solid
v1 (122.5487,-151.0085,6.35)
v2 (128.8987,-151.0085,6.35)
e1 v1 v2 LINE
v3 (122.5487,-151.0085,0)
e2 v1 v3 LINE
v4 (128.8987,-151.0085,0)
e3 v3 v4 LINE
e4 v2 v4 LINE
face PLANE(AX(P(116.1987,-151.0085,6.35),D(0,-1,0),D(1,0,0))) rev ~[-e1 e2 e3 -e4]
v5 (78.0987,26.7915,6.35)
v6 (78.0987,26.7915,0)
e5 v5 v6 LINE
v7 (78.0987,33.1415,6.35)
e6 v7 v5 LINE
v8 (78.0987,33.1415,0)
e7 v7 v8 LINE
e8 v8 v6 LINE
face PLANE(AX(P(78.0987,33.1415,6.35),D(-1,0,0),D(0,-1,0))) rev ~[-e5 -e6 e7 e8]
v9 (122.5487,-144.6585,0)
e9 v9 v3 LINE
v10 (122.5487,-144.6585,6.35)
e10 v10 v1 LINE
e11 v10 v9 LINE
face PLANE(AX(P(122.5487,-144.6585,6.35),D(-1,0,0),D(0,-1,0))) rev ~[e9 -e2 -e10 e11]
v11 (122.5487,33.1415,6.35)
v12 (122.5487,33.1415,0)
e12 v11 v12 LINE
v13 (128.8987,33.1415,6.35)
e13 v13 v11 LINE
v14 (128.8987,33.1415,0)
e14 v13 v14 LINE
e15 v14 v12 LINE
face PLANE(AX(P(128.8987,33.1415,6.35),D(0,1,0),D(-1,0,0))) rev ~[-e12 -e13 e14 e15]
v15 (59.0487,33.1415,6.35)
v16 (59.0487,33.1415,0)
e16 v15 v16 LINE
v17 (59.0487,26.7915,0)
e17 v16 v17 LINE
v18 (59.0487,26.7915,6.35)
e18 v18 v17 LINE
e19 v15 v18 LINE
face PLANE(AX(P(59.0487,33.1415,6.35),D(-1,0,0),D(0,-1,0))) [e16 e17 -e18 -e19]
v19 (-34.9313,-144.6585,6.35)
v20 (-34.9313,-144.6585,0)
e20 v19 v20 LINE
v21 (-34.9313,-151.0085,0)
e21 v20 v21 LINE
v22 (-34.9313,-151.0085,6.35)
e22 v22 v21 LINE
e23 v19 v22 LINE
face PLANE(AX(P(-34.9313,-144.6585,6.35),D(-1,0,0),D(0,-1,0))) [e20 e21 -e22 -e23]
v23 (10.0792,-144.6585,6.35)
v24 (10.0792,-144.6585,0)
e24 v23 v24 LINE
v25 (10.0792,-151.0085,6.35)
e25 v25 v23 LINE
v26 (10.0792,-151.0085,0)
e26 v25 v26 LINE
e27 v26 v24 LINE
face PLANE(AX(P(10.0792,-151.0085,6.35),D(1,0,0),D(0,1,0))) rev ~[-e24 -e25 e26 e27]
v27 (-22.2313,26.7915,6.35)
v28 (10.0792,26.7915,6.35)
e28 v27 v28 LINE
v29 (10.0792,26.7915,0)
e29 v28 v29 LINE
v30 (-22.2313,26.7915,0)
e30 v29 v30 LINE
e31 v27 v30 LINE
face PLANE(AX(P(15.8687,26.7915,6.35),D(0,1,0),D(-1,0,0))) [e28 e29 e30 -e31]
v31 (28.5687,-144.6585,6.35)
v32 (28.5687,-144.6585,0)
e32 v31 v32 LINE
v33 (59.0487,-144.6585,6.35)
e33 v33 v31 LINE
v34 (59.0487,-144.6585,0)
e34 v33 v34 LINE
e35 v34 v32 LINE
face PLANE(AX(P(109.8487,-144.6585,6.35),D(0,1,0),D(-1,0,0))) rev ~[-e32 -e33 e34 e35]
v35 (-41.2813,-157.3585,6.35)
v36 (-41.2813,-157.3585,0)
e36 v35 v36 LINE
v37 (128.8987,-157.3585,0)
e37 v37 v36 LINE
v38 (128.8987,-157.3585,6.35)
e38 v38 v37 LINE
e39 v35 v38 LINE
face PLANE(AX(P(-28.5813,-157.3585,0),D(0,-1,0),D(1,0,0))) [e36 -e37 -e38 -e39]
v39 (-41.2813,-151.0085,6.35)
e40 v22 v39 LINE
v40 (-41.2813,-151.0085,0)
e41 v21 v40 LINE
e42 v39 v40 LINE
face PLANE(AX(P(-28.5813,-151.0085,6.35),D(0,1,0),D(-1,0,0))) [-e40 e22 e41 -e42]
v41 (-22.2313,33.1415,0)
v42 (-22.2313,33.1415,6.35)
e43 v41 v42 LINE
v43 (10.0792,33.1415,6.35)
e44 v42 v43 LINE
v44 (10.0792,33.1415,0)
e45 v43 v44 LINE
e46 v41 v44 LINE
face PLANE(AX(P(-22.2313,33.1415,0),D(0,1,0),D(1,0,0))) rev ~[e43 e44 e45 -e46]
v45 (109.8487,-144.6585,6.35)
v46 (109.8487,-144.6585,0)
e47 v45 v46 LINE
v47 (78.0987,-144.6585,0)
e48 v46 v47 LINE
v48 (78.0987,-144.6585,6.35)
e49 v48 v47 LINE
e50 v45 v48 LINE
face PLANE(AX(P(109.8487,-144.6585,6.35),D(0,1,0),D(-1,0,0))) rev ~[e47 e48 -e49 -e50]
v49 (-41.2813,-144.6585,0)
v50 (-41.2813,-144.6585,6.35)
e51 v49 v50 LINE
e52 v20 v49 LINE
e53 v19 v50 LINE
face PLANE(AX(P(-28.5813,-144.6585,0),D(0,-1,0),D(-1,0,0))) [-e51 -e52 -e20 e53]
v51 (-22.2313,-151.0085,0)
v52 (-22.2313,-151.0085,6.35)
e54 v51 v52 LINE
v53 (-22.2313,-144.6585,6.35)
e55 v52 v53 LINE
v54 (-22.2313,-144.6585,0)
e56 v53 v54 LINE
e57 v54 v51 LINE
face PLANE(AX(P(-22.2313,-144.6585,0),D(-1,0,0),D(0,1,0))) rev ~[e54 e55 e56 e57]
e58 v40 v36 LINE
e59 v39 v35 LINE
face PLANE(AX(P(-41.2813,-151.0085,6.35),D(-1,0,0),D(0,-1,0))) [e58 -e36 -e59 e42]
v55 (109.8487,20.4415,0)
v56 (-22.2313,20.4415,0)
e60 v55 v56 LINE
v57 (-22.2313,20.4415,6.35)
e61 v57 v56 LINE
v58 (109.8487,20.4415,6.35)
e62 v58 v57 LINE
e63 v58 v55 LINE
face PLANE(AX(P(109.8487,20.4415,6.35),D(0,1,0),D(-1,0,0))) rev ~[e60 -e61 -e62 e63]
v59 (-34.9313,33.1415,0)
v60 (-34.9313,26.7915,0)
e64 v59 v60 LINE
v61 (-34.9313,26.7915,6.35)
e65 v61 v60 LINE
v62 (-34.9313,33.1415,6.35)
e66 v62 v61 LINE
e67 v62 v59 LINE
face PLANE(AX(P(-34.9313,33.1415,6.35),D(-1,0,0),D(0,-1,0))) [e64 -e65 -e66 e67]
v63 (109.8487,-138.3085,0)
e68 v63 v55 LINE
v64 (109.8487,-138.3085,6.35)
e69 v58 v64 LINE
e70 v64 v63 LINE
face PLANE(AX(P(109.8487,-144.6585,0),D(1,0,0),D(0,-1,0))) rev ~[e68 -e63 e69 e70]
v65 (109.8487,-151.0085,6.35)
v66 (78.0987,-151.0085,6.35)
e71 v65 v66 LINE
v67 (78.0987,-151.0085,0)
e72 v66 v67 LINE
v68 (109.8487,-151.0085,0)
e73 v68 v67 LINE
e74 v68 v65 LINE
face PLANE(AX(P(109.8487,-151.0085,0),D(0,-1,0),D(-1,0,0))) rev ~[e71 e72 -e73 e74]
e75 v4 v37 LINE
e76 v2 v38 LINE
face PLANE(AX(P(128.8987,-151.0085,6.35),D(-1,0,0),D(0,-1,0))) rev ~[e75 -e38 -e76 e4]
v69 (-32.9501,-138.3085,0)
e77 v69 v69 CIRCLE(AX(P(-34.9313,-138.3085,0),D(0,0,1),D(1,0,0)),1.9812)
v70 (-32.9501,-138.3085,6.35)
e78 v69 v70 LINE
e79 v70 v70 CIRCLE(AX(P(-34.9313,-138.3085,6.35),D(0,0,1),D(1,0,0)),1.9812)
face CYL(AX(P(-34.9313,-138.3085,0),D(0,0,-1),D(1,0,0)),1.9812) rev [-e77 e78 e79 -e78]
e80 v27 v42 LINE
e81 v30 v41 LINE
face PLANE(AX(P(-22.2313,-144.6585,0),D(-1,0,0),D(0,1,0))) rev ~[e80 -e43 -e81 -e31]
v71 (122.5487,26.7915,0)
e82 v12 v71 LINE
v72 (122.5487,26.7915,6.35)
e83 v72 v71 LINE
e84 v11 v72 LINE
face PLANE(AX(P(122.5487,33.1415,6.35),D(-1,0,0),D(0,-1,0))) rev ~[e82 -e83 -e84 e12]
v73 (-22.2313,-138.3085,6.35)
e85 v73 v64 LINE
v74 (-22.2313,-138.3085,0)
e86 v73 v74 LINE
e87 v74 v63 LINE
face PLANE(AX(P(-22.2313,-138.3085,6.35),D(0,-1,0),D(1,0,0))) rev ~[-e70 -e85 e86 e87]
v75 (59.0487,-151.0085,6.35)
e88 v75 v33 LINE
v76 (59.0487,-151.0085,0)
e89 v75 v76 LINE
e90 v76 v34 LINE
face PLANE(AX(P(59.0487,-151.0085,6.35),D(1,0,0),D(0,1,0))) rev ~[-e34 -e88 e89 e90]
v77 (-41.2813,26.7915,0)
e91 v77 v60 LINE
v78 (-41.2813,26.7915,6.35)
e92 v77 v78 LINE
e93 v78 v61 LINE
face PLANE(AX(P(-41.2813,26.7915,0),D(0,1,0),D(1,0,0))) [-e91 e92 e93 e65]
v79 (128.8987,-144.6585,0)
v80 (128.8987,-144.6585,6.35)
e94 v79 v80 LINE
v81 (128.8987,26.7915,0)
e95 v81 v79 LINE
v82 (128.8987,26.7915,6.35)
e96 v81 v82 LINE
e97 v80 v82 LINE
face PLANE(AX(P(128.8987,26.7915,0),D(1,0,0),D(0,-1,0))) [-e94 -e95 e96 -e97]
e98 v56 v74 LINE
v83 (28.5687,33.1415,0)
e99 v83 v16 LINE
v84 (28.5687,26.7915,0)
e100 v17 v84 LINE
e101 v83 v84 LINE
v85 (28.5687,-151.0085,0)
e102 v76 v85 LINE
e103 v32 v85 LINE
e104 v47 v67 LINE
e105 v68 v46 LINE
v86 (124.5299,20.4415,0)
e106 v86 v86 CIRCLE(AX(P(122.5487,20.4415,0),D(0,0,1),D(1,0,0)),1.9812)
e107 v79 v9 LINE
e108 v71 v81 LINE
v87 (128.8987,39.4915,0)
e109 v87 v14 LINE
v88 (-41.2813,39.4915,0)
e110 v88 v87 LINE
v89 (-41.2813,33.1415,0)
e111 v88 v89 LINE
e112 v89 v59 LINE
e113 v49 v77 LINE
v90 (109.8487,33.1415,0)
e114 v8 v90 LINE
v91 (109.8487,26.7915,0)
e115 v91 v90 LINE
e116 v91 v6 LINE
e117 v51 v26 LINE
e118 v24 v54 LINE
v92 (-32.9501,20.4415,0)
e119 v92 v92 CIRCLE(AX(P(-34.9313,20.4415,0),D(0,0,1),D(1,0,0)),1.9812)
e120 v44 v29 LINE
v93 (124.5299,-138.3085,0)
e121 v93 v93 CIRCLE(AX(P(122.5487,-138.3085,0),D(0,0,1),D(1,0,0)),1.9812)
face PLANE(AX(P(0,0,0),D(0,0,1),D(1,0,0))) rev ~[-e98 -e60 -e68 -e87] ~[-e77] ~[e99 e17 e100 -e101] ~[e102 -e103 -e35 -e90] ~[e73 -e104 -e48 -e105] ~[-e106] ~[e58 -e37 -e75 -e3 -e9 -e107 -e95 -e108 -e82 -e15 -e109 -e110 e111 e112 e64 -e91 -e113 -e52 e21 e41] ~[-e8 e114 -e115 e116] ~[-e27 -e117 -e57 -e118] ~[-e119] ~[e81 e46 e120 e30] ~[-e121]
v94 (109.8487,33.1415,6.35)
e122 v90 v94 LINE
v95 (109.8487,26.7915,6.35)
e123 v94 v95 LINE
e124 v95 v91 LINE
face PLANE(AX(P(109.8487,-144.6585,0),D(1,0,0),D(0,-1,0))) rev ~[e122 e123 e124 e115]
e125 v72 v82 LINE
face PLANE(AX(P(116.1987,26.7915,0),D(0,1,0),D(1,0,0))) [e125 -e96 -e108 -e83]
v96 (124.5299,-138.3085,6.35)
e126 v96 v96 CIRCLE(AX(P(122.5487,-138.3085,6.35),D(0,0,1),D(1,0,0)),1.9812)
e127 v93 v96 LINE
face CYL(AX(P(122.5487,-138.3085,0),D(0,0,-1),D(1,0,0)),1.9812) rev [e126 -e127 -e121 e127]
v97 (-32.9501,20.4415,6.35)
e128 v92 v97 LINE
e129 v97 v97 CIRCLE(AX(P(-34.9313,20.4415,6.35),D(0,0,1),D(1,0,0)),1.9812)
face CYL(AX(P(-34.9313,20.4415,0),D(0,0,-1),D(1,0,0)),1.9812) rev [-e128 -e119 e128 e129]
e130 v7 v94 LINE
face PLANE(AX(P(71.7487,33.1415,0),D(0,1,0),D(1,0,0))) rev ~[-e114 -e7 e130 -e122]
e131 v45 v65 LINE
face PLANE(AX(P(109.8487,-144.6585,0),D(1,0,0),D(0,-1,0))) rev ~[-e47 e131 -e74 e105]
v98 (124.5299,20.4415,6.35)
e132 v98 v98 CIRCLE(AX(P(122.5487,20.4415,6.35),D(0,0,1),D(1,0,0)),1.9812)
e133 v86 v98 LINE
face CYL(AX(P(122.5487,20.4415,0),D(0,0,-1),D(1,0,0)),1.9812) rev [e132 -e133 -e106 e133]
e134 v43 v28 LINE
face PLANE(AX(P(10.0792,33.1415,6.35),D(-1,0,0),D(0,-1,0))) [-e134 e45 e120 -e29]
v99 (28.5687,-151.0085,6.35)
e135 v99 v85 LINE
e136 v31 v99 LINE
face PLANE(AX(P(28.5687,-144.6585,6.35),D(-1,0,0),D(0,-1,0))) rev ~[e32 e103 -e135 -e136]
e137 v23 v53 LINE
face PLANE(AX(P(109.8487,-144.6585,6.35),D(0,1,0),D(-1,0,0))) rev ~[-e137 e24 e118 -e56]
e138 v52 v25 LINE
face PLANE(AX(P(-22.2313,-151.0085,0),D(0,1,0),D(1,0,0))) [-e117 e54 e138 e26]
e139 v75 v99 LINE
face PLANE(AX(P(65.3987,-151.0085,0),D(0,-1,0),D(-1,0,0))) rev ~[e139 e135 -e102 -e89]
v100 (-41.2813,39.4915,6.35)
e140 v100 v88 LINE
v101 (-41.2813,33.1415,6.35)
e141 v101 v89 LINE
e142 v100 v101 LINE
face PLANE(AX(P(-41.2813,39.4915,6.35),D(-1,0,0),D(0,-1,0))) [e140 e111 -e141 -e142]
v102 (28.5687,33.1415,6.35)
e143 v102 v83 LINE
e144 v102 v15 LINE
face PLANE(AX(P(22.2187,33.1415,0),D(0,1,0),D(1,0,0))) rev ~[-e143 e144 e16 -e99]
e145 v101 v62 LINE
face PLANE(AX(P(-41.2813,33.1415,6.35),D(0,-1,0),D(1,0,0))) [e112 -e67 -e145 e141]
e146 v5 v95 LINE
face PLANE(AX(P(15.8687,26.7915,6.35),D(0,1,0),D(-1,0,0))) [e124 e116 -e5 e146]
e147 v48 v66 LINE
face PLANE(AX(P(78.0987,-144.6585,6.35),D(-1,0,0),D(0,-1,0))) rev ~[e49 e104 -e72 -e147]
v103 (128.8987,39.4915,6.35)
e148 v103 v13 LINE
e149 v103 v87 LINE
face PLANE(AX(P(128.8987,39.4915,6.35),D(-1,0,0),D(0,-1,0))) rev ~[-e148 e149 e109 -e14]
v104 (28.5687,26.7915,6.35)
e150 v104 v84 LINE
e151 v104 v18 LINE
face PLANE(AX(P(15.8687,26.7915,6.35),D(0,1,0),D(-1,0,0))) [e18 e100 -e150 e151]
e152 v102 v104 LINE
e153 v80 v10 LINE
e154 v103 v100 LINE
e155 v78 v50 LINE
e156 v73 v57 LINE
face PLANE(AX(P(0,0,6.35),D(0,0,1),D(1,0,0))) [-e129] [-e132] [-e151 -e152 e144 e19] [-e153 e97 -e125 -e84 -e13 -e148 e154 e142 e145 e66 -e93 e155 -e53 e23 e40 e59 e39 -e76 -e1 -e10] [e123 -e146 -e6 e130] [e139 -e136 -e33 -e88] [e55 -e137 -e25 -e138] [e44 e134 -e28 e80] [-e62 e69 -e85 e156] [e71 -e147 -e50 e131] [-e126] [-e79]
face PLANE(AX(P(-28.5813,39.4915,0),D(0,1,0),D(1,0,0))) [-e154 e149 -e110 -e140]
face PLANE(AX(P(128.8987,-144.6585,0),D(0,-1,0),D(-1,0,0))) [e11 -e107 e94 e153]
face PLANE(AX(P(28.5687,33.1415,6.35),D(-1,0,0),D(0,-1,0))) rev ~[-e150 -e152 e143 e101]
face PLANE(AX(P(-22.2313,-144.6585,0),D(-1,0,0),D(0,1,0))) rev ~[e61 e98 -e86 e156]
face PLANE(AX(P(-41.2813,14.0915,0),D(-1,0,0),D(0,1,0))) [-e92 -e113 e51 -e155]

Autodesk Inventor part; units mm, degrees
ref_plane "YZ Plane" through (0, 0, 0) normal (1, 0, 0) x (0, 1, 0)
ref_plane "XZ Plane" through (0, 0, 0) normal (0, 1, 0) x (-1, 0, 0)
ref_plane "XY Plane" through (0, 0, 0) normal (0, 0, 1) x (1, 0, 0)
sketch "Sketch1" plane through (0, 0, 0) normal (0, 0, 1) x (1, 0, 0)
  line L0 (-22.2313, 26.7915) -> (109.8487, 26.7915)
  line L1 (109.8487, 26.7915) -> (109.8487, -144.6585)
  line L2 (109.8487, -144.6585) -> (-22.2313, -144.6585)
  line L3 (-22.2313, -144.6585) -> (-22.2313, 26.7915)
  line L4 (-22.2313, 26.7915) -> (-28.5813, 26.7915)
  line L5 (-28.5813, 26.7915) -> (-28.5813, 39.4915)
  line L6 (-28.5813, 39.4915) -> (116.1987, 39.4915)
  line L7 (116.1987, 39.4915) -> (116.1987, 26.7915)
  line L8 (116.1987, 26.7915) -> (128.8987, 26.7915)
  line L9 (128.8987, 26.7915) -> (128.8987, 14.0915)
  line L10 (128.8987, 14.0915) -> (116.1987, 14.0915)
  line L11 (116.1987, 14.0915) -> (116.1987, -131.9585)
  line L12 (116.1987, -131.9585) -> (128.8987, -131.9585)
  line L13 (128.8987, -131.9585) -> (128.8987, -144.6585)
  line L14 (128.8987, -144.6585) -> (116.1987, -144.6585)
  line L15 (116.1987, -144.6585) -> (116.1987, -154.1835)
  line L16 (116.1987, -154.1835) -> (-28.5813, -154.1835)
  line L17 (-28.5813, -154.1835) -> (-28.5813, -144.6585)
  line L18 (-28.5813, -144.6585) -> (-41.2813, -144.6585)
  line L19 (-41.2813, -144.6585) -> (-41.2813, -131.9585)
  line L20 (-41.2813, -131.9585) -> (-28.5813, -131.9585)
  line L21 (-28.5813, -131.9585) -> (-28.5813, 14.0915)
  line L22 (-28.5813, 14.0915) -> (-41.2813, 14.0915)
  line L23 (-41.2813, 14.0915) -> (-41.2813, 26.7915)
  line L24 (-41.2813, 26.7915) -> (-28.5813, 26.7915)
  line L25 (-22.2313, -144.6585) -> (-22.2313, -151.0085)
  line L26 (-22.2313, -151.0085) -> (15.8687, -151.0085)
  line L27 (15.8687, -151.0085) -> (15.8687, -144.6585)
  line L28 (15.8687, -144.6585) -> (22.2187, -144.6585)
  line L29 (22.2187, -144.6585) -> (22.2187, -151.0085)
  line L30 (109.8487, -144.6585) -> (109.8487, -151.0085)
  line L31 (109.8487, -151.0085) -> (71.7487, -151.0085)
  line L32 (71.7487, -151.0085) -> (71.7487, -144.6585)
  line L33 (71.7487, -144.6585) -> (65.3987, -144.6585)
  line L34 (65.3987, -144.6585) -> (65.3987, -151.0085)
  line L35 (65.3987, -151.0085) -> (22.2187, -151.0085)
  line L36 (-22.2313, 26.7915) -> (-22.2313, 33.1415)
  line L37 (-22.2313, 33.1415) -> (15.8687, 33.1415)
  line L38 (15.8687, 33.1415) -> (15.8687, 26.7915)
  line L39 (22.2187, 26.7915) -> (22.2187, 33.1415)
  line L40 (22.2187, 33.1415) -> (65.3987, 33.1415)
  line L41 (65.3987, 33.1415) -> (65.3987, 26.7915)
  line L42 (71.7487, 26.7915) -> (71.7487, 33.1415)
  line L43 (71.7487, 33.1415) -> (109.8487, 33.1415)
  line L44 (109.8487, 33.1415) -> (109.8487, 26.7915)
  circle A0 centre (-34.9313, 20.4415) radius 1.9812
  circle A1 centre (122.5487, 20.4415) radius 1.9812
  circle A2 centre (122.5487, -138.3085) radius 1.9812
  circle A3 centre (-34.9313, -138.3085) radius 1.9812
  point P0 (0, 0)
  dimension "d0" = 132.08
  dimension "d1" = 171.45
  dimension "d2" = 6.35
  dimension "d3" = 12.7
  dimension "d4" = 144.78
  dimension "d5" = 12.7
  dimension "d6" = 12.7
  dimension "d7" = 146.05
  dimension "d8" = 9.525
  dimension "d9" = 12.7
  dimension "d10" = 6.35
  dimension "d11" = 38.1
  dimension "d12" = 6.35
  dimension "d13" = 38.1
  dimension "d14" = 6.35
  dimension "d15" = 3.9624
  dimension "d16" = 3.9624
extrude "Extrusion1" add sketch "Sketch1" along normal blind 6.35
sketch "Sketch2" plane through (-28.5813, -154.1835, 0) normal (0, -1, 0) x (1, 0, 0)
  line L0 (144.78, 6.35) -> (0, 6.35) projected
  line L1 (0, 0) -> (0, 6.35) projected
  line L2 (0, 0) -> (144.78, 0) projected
  line L3 (144.78, 0) -> (144.78, 6.35) projected
  point P0 (28.5813, 0)
extrude "Extrusion2" add sketch "Sketch2" along normal blind 3.175
sketch "Sketch3" plane through (0, 0, 6.35) normal (0, 0, 1) x (1, 0, 0)
  line L0 (-28.5813, 14.0915) -> (-41.2813, 14.0915) projected
  line L1 (-28.5813, -131.9585) -> (-28.5813, 14.0915) projected
  line L2 (-41.2813, -131.9585) -> (-28.5813, -131.9585) projected
  line L3 (116.1987, -131.9585) -> (128.8987, -131.9585) projected
  line L4 (116.1987, 14.0915) -> (116.1987, -131.9585) projected
  line L5 (128.8987, 14.0915) -> (116.1987, 14.0915) projected
  line L6 (71.7487, 33.1415) -> (109.8487, 33.1415) projected
  line L7 (-41.2813, 14.0915) -> (-41.2813, -131.9585)
  line L8 (128.8987, 14.0915) -> (128.8987, -131.9585)
  point P0 (0, 0)
extrude "Extrusion3" add sketch "Sketch3" against normal blind 6.35
sketch "Sketch4" plane through (0, 0, 6.35) normal (0, 0, 1) x (1, 0, 0)
  line L0 (-28.5813, -157.3585) -> (-28.5813, -144.6585) projected
  line L1 (-28.5813, -157.3585) -> (116.1987, -157.3585) projected
  line L2 (116.1987, -144.6585) -> (116.1987, -157.3585) projected
  line L3 (109.8487, 33.1415) -> (109.8487, -151.0085) projected
  line L4 (-22.2313, -151.0085) -> (-22.2313, 33.1415) projected
  line L5 (15.8687, 26.7915) -> (22.2187, 26.7915) projected
  line L6 (71.7487, 33.1415) -> (109.8487, 33.1415) projected
  line L7 (15.8687, 26.7915) -> (-22.2313, 26.7915)
  line L8 (22.2187, 26.7915) -> (109.8487, 26.7915)
  line L9 (109.8487, 26.7915) -> (109.8487, 20.4415)
  line L10 (109.8487, 20.4415) -> (-22.2313, 20.4415)
  line L11 (-22.2313, 20.4415) -> (-22.2313, 26.7915)
  line L12 (-22.2313, -144.6585) -> (-22.2313, -138.3085)
  line L13 (-22.2313, -138.3085) -> (109.8487, -138.3085)
  line L14 (109.8487, -144.6585) -> (-22.2313, -144.6585)
  line L15 (-28.5813, -151.0085) -> (-41.2813, -151.0085)
  line L16 (-41.2813, -151.0085) -> (-41.2813, -157.3585)
  line L17 (-41.2813, -157.3585) -> (-28.5813, -157.3585)
  line L18 (116.1987, -151.0085) -> (128.8987, -151.0085)
  line L19 (128.8987, -151.0085) -> (128.8987, -157.3585)
  line L20 (128.8987, -157.3585) -> (116.1987, -157.3585)
  point P0 (0, 0)
extrude "Extrusion4" add sketch "Sketch4" against normal blind 6.35 contours L17 L16 L15 L0 | L2 L18 L19 L20 | L3 L10 L4 L7 L5 L8 | L3 L14 L4 L13
sketch "Sketch5" plane through (0, 0, 6.35) normal (0, 0, 1) x (1, 0, 0)
  line L0 (-28.5813, 26.7915) -> (-28.5813, 39.4915) projected
  line L1 (116.1987, 39.4915) -> (116.1987, 26.7915) projected
  line L2 (15.8687, 33.1415) -> (15.8687, 26.7915) projected
  line L3 (-28.5813, 39.4915) -> (-41.2813, 39.4915)
  line L4 (-41.2813, 39.4915) -> (-41.2813, 33.1415)
  line L5 (-41.2813, 33.1415) -> (-28.5813, 33.1415)
  line L6 (116.1987, 39.4915) -> (128.8987, 39.4915)
  line L7 (128.8987, 39.4915) -> (128.8987, 33.1415)
  line L8 (128.8987, 33.1415) -> (116.1987, 33.1415)
  point P0 (0, 0)
extrude "Extrusion5" add sketch "Sketch5" against normal blind 6.35
sketch "Sketch6" plane through (0, 0, 6.35) normal (0, 0, 1) x (1, 0, 0)
  line L0 (65.3987, -151.0085) -> (22.2187, -151.0085) projected
  line L1 (22.2187, -144.6585) -> (65.3987, -144.6585) projected
  line L2 (-22.2313, -144.6585) -> (15.8687, -144.6585) projected
  line L3 (109.8487, -151.0085) -> (71.7487, -151.0085) projected
  line L4 (65.3987, 26.7915) -> (22.2187, 26.7915) projected
  line L5 (109.8487, 26.7915) -> (71.7487, 26.7915) projected
  line L6 (-41.2813, 26.7915) -> (-28.5813, 26.7915) projected
  line L7 (-28.5813, -151.0085) -> (-41.2813, -151.0085) projected
  line L8 (128.8987, -151.0085) -> (116.1987, -151.0085) projected
  line L9 (116.1987, 26.7915) -> (128.8987, 26.7915) projected
  line L10 (-28.5813, 33.1415) -> (-34.9313, 33.1415)
  line L11 (-34.9313, 33.1415) -> (-34.9313, 26.7915)
  line L12 (-34.9313, 26.7915) -> (-28.5813, 26.7915)
  line L13 (-28.5813, 26.7915) -> (-28.5813, 33.1415)
  line L14 (15.8687, 33.1415) -> (10.0792, 33.1415)
  line L15 (10.0792, 33.1415) -> (10.0792, 26.7915)
  line L16 (10.0792, 26.7915) -> (15.8687, 26.7915)
  line L17 (15.8687, 26.7915) -> (15.8687, 33.1415)
  line L18 (22.2187, 33.1415) -> (28.5687, 33.1415)
  line L19 (28.5687, 33.1415) -> (28.5687, 26.7915)
  line L20 (28.5687, 26.7915) -> (22.2187, 26.7915)
  line L21 (22.2187, 26.7915) -> (22.2187, 33.1415)
  line L22 (65.3987, 33.1415) -> (59.0487, 33.1415)
  line L23 (59.0487, 33.1415) -> (59.0487, 26.7915)
  line L24 (59.0487, 26.7915) -> (65.3987, 26.7915)
  line L25 (65.3987, 26.7915) -> (65.3987, 33.1415)
  line L26 (71.7487, 33.1415) -> (78.0987, 33.1415)
  line L27 (78.0987, 33.1415) -> (78.0987, 26.7915)
  line L28 (78.0987, 26.7915) -> (71.7487, 26.7915)
  line L29 (71.7487, 26.7915) -> (71.7487, 33.1415)
  line L30 (116.1987, 33.1415) -> (122.5487, 33.1415)
  line L31 (122.5487, 33.1415) -> (122.5487, 26.7915)
  line L32 (122.5487, 26.7915) -> (116.1987, 26.7915)
  line L33 (116.1987, 26.7915) -> (116.1987, 33.1415)
  line L34 (-28.5813, -144.6585) -> (-34.9313, -144.6585)
  line L35 (-34.9313, -144.6585) -> (-34.9313, -151.0085)
  line L36 (-34.9313, -151.0085) -> (-28.5813, -151.0085)
  line L37 (-28.5813, -151.0085) -> (-28.5813, -144.6585)
  line L38 (10.0792, -144.6585) -> (28.5687, -144.6585)
  line L39 (28.5687, -144.6585) -> (28.5687, -151.0085)
  line L40 (28.5687, -151.0085) -> (10.0792, -151.0085)
  line L41 (10.0792, -151.0085) -> (10.0792, -144.6585)
  line L42 (59.0487, -144.6585) -> (78.0987, -144.6585)
  line L43 (78.0987, -144.6585) -> (78.0987, -151.0085)
  line L44 (78.0987, -151.0085) -> (59.0487, -151.0085)
  line L45 (59.0487, -151.0085) -> (59.0487, -144.6585)
  line L46 (116.1987, -144.6585) -> (122.5487, -144.6585)
  line L47 (122.5487, -144.6585) -> (122.5487, -151.0085)
  line L48 (122.5487, -151.0085) -> (116.1987, -151.0085)
  line L49 (116.1987, -151.0085) -> (116.1987, -144.6585)
  point P0 (0, 0)
  dimension "d27" = 6.35
  dimension "d28" = 6.35
  dimension "d29" = 6.35
  dimension "d30" = 6.35
  dimension "d31" = 6.35
extrude "Extrusion6" add sketch "Sketch6" against normal blind 6.35 contours L0 L45 L1 L42 L43 L3 L44 | L0 L40 L41 L2 L38 L1 L39 | L4 L21 L18 L19 | L4 L23 L22 L25 | L5 L29 L26 L27 | L11 L10 L13 L6 | L7 L35 L34 L37 | L8 L49 L46 L47 | L33 L30 L31 L9 | L17 L16 L15 L14
properties part number "top-bot connector"
